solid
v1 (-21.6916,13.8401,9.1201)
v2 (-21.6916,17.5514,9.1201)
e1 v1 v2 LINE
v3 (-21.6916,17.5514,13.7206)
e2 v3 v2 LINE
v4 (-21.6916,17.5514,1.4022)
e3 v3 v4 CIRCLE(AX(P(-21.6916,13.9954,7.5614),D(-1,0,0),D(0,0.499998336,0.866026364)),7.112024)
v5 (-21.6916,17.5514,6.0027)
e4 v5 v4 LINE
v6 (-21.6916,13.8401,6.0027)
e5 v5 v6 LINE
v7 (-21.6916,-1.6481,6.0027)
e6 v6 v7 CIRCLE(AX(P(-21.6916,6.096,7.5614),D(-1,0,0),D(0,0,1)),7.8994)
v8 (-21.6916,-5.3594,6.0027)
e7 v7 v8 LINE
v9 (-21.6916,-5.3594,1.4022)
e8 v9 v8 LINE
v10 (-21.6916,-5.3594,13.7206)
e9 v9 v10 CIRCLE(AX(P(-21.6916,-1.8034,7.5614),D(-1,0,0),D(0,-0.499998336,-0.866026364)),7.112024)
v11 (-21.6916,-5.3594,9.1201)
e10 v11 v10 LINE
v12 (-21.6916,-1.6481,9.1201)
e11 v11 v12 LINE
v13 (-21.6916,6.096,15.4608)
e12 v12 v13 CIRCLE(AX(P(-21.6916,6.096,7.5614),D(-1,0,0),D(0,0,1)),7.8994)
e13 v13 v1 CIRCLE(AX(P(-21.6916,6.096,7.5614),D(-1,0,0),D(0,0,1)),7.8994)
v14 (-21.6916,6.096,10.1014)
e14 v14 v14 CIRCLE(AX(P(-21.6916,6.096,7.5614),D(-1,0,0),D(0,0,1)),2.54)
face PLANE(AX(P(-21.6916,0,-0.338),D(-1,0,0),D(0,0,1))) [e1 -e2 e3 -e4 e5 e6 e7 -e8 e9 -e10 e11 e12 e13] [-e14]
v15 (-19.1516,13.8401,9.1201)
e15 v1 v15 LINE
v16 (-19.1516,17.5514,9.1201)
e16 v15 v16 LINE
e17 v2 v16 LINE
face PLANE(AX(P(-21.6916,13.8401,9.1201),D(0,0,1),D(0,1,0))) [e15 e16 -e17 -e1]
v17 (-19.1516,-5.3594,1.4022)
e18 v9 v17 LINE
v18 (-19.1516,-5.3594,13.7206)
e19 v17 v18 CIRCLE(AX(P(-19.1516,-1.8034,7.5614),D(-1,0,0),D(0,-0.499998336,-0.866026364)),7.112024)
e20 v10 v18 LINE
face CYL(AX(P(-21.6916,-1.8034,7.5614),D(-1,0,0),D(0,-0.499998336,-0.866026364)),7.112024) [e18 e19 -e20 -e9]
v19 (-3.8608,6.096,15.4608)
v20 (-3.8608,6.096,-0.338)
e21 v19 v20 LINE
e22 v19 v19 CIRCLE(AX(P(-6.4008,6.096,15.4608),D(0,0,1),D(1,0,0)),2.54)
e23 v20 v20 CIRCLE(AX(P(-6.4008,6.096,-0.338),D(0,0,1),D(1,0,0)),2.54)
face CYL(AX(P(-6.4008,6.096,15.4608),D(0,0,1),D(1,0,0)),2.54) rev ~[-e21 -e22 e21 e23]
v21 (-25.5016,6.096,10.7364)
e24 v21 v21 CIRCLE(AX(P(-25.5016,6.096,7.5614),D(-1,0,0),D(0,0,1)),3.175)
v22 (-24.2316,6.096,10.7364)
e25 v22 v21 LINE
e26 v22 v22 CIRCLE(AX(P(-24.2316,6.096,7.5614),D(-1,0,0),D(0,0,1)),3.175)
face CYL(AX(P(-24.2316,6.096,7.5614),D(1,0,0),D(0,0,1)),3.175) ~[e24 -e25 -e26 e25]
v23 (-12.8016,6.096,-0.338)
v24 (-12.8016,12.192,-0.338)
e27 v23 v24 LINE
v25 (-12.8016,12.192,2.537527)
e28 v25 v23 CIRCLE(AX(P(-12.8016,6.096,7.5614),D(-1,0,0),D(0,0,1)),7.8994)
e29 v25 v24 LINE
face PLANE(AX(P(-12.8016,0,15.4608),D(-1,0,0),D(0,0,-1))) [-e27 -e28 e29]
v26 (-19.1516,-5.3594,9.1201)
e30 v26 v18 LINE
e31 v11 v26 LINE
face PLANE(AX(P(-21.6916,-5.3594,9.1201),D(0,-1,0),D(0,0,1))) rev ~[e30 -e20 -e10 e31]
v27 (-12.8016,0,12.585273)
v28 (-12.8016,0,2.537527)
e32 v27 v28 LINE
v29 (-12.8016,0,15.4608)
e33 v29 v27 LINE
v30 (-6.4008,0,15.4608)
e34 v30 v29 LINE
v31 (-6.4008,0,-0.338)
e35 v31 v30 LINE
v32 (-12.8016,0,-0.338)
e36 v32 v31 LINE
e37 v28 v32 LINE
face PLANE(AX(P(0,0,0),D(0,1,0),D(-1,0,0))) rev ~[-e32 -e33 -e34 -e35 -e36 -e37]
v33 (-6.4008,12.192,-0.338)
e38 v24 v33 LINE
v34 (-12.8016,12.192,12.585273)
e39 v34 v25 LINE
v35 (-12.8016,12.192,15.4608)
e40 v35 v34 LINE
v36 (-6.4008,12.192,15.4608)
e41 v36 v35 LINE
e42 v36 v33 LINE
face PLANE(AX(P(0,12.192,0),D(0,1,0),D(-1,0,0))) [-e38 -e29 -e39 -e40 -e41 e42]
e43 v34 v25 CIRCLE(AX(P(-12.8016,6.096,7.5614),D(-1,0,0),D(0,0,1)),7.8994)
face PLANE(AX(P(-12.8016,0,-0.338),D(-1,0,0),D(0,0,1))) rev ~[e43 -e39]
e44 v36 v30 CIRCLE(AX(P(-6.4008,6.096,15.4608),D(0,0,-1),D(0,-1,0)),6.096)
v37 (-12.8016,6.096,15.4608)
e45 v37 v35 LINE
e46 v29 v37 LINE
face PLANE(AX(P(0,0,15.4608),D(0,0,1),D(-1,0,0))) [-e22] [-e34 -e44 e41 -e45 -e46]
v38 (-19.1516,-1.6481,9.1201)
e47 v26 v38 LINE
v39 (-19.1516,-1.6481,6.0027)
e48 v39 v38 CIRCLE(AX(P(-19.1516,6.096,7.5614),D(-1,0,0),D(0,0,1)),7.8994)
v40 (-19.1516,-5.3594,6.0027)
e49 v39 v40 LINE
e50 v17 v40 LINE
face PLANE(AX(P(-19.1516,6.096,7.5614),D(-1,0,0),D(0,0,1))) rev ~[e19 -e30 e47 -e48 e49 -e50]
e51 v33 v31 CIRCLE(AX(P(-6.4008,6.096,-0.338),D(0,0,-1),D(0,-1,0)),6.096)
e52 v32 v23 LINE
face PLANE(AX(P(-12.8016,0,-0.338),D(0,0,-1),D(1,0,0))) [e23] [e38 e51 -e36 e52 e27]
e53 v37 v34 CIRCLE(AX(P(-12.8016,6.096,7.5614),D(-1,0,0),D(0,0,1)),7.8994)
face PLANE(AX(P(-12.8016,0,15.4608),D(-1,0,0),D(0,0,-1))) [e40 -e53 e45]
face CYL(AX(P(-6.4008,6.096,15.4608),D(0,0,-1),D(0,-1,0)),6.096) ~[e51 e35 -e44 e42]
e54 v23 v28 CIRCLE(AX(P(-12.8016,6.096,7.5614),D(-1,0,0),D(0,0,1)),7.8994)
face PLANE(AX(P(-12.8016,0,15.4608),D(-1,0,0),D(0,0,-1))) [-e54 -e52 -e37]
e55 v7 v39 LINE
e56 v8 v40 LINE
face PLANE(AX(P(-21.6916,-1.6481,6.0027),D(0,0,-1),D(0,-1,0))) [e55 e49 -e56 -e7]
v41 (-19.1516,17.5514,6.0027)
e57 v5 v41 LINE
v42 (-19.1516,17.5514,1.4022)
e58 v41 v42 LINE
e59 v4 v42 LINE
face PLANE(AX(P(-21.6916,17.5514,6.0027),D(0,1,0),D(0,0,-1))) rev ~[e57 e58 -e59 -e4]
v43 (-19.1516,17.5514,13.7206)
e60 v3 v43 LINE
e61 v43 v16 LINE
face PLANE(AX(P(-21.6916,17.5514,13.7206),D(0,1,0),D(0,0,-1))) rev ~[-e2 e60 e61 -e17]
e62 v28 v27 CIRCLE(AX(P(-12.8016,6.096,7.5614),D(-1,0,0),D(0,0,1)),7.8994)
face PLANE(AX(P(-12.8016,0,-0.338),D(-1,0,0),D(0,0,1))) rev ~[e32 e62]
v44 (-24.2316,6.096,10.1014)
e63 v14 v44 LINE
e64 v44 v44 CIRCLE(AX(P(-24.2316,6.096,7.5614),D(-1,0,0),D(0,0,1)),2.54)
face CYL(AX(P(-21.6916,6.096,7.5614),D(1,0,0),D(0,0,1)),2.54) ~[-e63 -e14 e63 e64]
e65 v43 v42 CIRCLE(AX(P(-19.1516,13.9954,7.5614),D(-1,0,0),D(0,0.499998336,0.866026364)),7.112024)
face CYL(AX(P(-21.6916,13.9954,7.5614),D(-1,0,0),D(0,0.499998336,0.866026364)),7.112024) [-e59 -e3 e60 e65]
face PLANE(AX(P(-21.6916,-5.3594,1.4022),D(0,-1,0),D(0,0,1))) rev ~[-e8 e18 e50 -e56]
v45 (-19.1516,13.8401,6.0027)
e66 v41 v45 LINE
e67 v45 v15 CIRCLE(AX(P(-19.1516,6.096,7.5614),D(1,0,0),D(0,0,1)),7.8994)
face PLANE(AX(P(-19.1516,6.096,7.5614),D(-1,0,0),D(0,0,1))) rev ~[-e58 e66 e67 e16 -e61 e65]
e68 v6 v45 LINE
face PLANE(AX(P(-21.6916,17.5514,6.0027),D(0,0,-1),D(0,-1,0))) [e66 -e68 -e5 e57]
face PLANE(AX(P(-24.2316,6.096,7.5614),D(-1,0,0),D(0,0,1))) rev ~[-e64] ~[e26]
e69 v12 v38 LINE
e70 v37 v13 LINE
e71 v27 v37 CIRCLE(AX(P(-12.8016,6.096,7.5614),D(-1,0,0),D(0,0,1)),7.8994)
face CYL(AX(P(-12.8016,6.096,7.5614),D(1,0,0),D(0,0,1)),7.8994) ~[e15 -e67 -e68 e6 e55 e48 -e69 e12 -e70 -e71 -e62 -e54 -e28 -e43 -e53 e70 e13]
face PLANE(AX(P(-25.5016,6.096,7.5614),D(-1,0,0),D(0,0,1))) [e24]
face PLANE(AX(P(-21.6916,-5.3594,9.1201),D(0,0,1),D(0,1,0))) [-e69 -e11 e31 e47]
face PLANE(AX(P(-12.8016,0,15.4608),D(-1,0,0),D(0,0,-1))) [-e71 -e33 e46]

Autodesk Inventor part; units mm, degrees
ref_plane "YZ Plane" through (0, 0, 0) normal (1, 0, 0) x (0, 1, 0)
ref_plane "XZ Plane" through (0, 0, 0) normal (0, 1, 0) x (-1, 0, 0)
ref_plane "XY Plane" through (0, 0, 0) normal (0, 0, 1) x (1, 0, 0)
sketch "Sketch1" plane through (0, 0, 0) normal (0, 1, 0) x (-1, 0, 0)
  line L0 (0, 15.4608) -> (12.8016, 15.4608)
  line L1 (12.8016, 15.4608) -> (12.8016, -0.338)
  line L2 (12.8016, -0.338) -> (0, -0.338)
  line L3 (0, -0.338) -> (0, 15.4608)
extrude "Extrusion1" add sketch "Sketch1" along normal blind 12.192
sketch "Sketch2" plane through (-12.8016, 0, 15.4608) normal (0, 0, 1) x (1, 0, 0)
  arc A0 (6.4008, 0) -> (6.4008, 12.192) centre (6.4008, 6.096) ccw
  line L0 (0, 12.192) -> (12.8016, 12.192) projected
  line L1 (12.8016, 0) -> (0, 0) projected
  line L2 (6.4008, 0) -> (17.5033, -4.1356)
  line L3 (17.5033, -4.1356) -> (19.4121, 8.0167)
  line L4 (19.4121, 8.0167) -> (11.5072, 13.7088)
  line L5 (11.5072, 13.7088) -> (6.4008, 12.192)
extrude "Extrusion2" cut sketch "Sketch2" along normal mid plane 2540
sketch "Sketch3" plane through (-12.8016, 0, 15.4608) normal (0, 0, 1) x (1, 0, 0)
  arc A0 (6.4008, 0) -> (6.4008, 12.192) centre (6.4008, 6.096) ccw projected
  circle A1 centre (6.4008, 6.096) radius 2.54
  point P0 (12.8016, 0)
  dimension "d8" = 5.08
extrude "Extrusion3" cut sketch "Sketch3" against normal blind 2540
sketch "Sketch4" plane through (-12.8016, 0, -0.338) normal (-1, 0, 0) x (0, 0, 1)
  circle A0 centre (7.8994, 6.096) radius 7.8994
  point P0 (0.338, 0)
extrude "Extrusion4" add sketch "Sketch4" along normal blind 8.89
sketch "Sketch5" plane through (-21.6916, 6.096, 7.5614) normal (-1, 0, 0) x (0, 0, 1)
  circle A0 centre (0, 0) radius 7.8994 projected
  line L0 (-7.8994, 0) -> (7.8994, 0)
  line L1 (1.5587, -11.4554) -> (1.5587, -7.7441)
  line L2 (-1.5587, -7.7441) -> (-1.5587, -11.4554)
  line L3 (-6.1592, -11.4554) -> (-1.5587, -11.4554)
  line L4 (1.5587, -11.4554) -> (6.1592, -11.4554)
  arc A1 (-6.1592, -11.4554) -> (6.1592, -11.4554) centre (0, -7.8994) ccw
  line L5 (-1.5587, -7.7441) -> (1.5587, -7.7441)
  line L6 (1.5587, 7.7441) -> (-1.5587, 7.7441)
  line L7 (1.5587, 7.7441) -> (1.5587, 11.4554)
  line L8 (-1.5587, 11.4554) -> (-1.5587, 7.7441)
  line L9 (-1.5587, 11.4554) -> (-6.1592, 11.4554)
  arc A2 (6.1592, 11.4554) -> (-6.1592, 11.4554) centre (0, 7.8994) ccw
  line L10 (6.1592, 11.4554) -> (1.5587, 11.4554)
  point P0 (-7.5614, -6.096)
  dimension "d16" = 360
extrude "Extrusion5" add sketch "Sketch5" against normal blind 2.54 contours L6 A0 | A0 L8 L9 A2 L10 L7 | L1 L4 A1 L3 L2 A0
sketch "Sketch6" plane through (-21.6916, 0, -0.338) normal (-1, 0, 0) x (0, 0, 1)
  arc A0 (2.8755, 12.192) -> (0, 6.096) centre (7.8994, 6.096) ccw projected
  circle A1 centre (7.8994, 6.096) radius 2.54
  point P0 (0.338, 0)
  dimension "d20" = 5.08
extrude "Extrusion6" add sketch "Sketch6" along normal blind 2.54
sketch "Sketch7" plane through (-24.2316, 6.096, 7.5614) normal (-1, 0, 0) x (0, 0, 1)
  circle A0 centre (0, 0) radius 3.175
  point P0 (-7.5614, -6.096)
  dimension "d23" = 6.35
extrude "Extrusion7" add sketch "Sketch7" along normal blind 1.27
sketch "Sketch10" plane through (-25.5016, 6.096, 7.5614) normal (-1, 0, 0) x (0, 0, 1)
  point P0 (-7.5614, -6.096)
properties part number "Germi01-03-01"
